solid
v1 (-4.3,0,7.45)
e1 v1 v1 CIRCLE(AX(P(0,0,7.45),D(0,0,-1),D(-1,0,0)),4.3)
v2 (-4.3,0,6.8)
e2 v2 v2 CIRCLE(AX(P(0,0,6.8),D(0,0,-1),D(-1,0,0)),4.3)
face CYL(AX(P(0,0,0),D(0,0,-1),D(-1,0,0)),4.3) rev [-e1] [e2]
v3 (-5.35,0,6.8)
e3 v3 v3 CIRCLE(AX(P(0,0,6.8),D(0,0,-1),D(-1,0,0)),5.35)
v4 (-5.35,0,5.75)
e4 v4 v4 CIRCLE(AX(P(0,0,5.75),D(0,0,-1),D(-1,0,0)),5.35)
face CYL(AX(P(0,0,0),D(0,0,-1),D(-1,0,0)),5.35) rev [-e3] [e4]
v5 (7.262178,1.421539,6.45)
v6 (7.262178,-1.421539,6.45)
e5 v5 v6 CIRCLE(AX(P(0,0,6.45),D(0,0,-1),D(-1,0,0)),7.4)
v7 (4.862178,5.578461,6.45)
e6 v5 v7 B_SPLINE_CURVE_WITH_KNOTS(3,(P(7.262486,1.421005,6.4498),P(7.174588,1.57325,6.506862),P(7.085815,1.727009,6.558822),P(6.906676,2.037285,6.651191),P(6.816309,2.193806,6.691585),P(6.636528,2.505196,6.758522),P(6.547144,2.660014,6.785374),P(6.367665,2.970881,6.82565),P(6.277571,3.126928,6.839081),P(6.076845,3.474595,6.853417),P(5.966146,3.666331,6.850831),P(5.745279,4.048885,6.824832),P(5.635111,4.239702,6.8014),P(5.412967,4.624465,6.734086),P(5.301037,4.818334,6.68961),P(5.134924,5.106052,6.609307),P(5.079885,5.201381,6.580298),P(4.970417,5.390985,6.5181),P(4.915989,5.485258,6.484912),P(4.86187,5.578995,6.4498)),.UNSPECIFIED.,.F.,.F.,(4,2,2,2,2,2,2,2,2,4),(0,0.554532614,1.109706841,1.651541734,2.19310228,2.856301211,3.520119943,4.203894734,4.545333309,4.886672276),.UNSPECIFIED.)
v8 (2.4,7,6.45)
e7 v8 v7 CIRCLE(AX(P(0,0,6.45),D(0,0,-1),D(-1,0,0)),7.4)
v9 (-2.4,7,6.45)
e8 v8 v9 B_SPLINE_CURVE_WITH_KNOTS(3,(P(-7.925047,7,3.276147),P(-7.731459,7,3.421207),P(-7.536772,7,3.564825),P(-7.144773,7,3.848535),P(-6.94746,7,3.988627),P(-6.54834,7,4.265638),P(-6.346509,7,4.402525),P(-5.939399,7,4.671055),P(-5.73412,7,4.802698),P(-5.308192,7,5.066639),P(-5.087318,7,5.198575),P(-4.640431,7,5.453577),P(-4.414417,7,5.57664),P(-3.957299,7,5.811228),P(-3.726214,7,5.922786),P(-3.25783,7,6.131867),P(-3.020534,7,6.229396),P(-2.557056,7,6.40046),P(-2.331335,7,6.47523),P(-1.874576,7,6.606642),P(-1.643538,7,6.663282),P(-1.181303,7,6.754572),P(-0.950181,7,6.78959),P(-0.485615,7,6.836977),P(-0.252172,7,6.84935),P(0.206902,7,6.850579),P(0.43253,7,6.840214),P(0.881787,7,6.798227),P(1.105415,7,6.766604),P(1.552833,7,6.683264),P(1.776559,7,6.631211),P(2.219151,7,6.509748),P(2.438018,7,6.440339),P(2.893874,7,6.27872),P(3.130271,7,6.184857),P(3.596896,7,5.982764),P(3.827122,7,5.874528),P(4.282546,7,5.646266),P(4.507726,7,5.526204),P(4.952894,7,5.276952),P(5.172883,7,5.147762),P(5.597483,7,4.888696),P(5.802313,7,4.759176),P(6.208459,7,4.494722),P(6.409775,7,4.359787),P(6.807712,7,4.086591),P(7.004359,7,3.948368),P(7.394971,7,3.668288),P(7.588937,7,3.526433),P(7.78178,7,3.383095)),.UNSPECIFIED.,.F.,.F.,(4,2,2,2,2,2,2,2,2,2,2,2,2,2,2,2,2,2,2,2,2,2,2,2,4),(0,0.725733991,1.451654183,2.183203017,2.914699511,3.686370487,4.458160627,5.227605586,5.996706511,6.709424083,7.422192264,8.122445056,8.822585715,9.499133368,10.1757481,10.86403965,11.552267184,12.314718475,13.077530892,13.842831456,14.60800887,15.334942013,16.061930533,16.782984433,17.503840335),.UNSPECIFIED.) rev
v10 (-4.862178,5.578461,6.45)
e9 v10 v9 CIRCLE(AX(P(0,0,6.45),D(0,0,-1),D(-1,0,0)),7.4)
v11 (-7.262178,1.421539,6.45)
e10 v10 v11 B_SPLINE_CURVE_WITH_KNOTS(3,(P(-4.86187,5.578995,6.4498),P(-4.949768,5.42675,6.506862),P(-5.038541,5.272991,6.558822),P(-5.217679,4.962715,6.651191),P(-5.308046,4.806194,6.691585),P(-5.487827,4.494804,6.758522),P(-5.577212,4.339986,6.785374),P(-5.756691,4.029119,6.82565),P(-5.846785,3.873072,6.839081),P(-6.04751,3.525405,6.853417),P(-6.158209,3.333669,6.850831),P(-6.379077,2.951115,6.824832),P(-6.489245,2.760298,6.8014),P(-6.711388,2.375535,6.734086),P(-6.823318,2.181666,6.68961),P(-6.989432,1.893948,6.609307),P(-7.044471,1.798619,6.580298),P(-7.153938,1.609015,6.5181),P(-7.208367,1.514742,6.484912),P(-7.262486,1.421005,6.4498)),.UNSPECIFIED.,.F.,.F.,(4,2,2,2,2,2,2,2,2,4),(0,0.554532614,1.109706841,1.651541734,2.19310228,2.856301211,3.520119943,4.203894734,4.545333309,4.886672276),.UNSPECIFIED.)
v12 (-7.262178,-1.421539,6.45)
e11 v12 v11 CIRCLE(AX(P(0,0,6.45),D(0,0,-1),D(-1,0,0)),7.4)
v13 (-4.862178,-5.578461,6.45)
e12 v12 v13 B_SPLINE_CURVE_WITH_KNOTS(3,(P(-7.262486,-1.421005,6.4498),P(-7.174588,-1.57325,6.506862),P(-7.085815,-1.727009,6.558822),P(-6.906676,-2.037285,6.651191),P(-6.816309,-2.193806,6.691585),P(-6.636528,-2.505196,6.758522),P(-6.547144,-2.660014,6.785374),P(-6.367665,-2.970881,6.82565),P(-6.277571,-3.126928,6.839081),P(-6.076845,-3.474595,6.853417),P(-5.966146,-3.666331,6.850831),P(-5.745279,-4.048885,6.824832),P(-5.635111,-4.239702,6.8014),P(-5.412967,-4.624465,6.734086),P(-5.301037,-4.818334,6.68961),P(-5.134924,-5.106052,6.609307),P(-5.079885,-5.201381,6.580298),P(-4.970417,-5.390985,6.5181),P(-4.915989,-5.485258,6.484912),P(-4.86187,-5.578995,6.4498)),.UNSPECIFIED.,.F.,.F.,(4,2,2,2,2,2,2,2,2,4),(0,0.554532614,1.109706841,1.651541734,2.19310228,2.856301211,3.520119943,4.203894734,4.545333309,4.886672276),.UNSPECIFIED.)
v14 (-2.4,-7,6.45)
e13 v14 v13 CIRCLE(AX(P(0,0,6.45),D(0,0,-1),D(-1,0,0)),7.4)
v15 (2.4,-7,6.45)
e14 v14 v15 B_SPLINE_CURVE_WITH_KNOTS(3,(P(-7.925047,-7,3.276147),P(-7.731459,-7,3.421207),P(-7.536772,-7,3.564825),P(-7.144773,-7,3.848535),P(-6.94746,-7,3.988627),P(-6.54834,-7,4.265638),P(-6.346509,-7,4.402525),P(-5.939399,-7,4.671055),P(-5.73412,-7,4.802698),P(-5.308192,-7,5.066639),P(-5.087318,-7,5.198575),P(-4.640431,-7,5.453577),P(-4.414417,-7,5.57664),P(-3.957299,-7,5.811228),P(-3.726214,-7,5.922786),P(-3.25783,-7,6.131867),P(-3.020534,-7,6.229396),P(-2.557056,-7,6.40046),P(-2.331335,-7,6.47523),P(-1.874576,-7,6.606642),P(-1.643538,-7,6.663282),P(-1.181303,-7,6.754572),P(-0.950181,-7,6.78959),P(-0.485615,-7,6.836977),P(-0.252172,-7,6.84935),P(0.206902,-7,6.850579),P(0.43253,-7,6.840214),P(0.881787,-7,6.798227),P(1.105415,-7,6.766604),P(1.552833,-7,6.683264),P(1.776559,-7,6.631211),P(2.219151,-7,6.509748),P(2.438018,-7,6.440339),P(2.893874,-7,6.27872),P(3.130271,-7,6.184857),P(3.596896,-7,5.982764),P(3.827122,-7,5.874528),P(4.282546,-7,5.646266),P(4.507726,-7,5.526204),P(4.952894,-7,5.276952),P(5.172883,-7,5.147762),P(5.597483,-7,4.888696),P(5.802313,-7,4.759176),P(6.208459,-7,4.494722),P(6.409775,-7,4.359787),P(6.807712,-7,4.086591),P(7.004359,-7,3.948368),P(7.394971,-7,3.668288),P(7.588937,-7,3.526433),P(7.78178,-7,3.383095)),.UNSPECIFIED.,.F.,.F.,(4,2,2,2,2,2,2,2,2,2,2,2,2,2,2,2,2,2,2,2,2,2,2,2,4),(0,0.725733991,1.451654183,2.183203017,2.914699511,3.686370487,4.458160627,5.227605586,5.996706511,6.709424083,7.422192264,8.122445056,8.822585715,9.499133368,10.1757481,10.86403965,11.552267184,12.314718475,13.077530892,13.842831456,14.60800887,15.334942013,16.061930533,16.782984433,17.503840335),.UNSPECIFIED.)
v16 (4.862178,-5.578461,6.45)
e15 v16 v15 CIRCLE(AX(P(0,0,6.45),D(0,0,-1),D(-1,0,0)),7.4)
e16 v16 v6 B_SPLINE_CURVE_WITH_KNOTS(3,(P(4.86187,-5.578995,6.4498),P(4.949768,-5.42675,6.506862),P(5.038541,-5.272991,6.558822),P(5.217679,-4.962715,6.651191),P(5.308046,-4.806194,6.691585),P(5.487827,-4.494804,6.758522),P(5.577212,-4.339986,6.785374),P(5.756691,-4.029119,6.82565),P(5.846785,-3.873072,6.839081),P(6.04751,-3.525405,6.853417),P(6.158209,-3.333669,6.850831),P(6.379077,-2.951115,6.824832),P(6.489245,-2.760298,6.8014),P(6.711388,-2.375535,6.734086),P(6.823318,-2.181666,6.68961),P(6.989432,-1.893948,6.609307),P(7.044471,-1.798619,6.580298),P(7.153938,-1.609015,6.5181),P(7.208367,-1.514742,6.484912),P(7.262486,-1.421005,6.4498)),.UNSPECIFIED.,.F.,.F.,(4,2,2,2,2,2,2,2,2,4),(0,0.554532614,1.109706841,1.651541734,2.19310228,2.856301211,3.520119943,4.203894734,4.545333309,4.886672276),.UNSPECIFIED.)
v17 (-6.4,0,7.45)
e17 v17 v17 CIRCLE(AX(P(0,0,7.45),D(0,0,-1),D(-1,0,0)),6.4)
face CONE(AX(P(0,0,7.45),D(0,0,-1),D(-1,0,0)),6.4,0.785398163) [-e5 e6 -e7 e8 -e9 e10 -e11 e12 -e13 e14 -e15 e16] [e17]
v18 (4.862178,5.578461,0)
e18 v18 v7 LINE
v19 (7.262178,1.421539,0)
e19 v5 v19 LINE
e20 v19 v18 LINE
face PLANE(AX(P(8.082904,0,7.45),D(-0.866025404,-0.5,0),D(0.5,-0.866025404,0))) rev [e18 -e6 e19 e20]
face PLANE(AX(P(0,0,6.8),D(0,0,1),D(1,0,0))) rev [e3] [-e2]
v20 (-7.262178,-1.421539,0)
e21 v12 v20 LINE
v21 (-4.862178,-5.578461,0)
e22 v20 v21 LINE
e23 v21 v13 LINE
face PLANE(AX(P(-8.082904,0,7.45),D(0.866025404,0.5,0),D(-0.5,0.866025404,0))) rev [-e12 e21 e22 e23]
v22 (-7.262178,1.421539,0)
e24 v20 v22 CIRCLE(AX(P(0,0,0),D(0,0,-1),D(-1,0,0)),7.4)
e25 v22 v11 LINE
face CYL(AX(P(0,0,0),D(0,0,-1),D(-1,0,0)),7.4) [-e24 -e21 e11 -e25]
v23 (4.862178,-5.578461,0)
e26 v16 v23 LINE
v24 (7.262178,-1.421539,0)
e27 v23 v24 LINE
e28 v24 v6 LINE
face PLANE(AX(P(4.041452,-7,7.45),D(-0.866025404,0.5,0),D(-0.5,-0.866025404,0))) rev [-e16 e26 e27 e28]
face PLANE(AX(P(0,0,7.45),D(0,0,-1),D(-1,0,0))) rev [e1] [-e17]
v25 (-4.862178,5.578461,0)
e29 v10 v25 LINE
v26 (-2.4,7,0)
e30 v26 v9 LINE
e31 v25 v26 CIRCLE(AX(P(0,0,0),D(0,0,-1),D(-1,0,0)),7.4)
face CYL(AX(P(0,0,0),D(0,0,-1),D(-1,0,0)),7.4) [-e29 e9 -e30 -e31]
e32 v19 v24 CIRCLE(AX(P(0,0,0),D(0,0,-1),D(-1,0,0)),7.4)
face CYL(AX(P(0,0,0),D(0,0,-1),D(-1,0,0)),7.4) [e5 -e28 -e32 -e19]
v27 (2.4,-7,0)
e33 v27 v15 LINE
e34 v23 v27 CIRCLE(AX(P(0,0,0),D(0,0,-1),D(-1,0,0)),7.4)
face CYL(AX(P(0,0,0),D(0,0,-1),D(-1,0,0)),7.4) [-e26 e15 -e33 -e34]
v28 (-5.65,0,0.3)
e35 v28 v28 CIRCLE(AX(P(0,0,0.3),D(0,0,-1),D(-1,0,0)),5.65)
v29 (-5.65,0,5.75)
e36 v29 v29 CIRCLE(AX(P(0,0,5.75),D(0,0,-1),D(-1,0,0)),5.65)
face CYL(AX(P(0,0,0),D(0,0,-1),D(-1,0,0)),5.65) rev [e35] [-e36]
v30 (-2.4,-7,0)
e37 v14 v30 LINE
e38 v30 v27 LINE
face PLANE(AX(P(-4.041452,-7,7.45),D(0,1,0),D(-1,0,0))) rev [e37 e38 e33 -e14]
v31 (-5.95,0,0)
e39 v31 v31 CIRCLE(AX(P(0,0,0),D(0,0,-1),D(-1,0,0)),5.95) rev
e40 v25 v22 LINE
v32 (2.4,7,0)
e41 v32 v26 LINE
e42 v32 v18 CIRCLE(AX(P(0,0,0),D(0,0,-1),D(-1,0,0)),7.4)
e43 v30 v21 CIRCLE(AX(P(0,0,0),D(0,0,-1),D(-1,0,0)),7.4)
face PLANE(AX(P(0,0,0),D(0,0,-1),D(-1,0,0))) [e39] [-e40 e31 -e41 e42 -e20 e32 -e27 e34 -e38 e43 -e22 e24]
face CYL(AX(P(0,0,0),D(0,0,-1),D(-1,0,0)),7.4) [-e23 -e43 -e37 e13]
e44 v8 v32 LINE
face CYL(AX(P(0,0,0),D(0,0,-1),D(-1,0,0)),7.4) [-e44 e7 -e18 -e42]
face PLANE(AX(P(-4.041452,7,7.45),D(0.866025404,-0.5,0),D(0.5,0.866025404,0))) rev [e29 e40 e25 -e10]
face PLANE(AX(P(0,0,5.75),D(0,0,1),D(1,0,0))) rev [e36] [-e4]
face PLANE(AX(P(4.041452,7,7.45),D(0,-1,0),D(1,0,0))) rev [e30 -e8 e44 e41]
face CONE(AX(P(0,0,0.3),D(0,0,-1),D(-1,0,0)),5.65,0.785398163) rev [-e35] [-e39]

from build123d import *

# Parameters (mm, degrees)
SKETCH_2_R          = 10
CUT_EXTRUDE_2_DEPTH = 13.84610836
CHAMFER_1_SIZE      = 0.3


with BuildPart() as part:
    # Эскиз1 → Повернуть1 (revolve)
    with BuildSketch(Plane(origin=(0, 0, 0), x_dir=(1, 0, 0), z_dir=(0, 1, 0)), mode=Mode.PRIVATE) as revolve_1_sk:
        Polygon((4.3, -7.45), (6.4, -7.45), (7.4, -6.45), (7.4, 0), (5.65, 0), (5.65, -5.75), (5.35, -5.75), (5.35, -6.8), (4.3, -6.8), align=None)
    revolve(revolve_1_sk.sketch.rotate(Axis((0, 0, 0), (0, 0, 1)), 180), axis=Axis((0, 0, 0), (0, 0, 1)))

    # Эскиз2 → Вырез-Вытянуть2 (cut, through all)
    with BuildSketch(Plane.XY):
        Circle(SKETCH_2_R)
        Polygon((8.082903769, 0), (4.041451884, 7), (-4.041451884, 7), (-8.082903769, 0), (-4.041451884, -7), (4.041451884, -7), align=None, mode=Mode.SUBTRACT)
    extrude(amount=CUT_EXTRUDE_2_DEPTH, mode=Mode.SUBTRACT)

    # Фаска1
    chamfer_1_edges = [part.edges().sort_by_distance(p)[0] for p in [
        (5.65, 0, 0),
    ]]
    chamfer(chamfer_1_edges, length=CHAMFER_1_SIZE)


solid = part.part
